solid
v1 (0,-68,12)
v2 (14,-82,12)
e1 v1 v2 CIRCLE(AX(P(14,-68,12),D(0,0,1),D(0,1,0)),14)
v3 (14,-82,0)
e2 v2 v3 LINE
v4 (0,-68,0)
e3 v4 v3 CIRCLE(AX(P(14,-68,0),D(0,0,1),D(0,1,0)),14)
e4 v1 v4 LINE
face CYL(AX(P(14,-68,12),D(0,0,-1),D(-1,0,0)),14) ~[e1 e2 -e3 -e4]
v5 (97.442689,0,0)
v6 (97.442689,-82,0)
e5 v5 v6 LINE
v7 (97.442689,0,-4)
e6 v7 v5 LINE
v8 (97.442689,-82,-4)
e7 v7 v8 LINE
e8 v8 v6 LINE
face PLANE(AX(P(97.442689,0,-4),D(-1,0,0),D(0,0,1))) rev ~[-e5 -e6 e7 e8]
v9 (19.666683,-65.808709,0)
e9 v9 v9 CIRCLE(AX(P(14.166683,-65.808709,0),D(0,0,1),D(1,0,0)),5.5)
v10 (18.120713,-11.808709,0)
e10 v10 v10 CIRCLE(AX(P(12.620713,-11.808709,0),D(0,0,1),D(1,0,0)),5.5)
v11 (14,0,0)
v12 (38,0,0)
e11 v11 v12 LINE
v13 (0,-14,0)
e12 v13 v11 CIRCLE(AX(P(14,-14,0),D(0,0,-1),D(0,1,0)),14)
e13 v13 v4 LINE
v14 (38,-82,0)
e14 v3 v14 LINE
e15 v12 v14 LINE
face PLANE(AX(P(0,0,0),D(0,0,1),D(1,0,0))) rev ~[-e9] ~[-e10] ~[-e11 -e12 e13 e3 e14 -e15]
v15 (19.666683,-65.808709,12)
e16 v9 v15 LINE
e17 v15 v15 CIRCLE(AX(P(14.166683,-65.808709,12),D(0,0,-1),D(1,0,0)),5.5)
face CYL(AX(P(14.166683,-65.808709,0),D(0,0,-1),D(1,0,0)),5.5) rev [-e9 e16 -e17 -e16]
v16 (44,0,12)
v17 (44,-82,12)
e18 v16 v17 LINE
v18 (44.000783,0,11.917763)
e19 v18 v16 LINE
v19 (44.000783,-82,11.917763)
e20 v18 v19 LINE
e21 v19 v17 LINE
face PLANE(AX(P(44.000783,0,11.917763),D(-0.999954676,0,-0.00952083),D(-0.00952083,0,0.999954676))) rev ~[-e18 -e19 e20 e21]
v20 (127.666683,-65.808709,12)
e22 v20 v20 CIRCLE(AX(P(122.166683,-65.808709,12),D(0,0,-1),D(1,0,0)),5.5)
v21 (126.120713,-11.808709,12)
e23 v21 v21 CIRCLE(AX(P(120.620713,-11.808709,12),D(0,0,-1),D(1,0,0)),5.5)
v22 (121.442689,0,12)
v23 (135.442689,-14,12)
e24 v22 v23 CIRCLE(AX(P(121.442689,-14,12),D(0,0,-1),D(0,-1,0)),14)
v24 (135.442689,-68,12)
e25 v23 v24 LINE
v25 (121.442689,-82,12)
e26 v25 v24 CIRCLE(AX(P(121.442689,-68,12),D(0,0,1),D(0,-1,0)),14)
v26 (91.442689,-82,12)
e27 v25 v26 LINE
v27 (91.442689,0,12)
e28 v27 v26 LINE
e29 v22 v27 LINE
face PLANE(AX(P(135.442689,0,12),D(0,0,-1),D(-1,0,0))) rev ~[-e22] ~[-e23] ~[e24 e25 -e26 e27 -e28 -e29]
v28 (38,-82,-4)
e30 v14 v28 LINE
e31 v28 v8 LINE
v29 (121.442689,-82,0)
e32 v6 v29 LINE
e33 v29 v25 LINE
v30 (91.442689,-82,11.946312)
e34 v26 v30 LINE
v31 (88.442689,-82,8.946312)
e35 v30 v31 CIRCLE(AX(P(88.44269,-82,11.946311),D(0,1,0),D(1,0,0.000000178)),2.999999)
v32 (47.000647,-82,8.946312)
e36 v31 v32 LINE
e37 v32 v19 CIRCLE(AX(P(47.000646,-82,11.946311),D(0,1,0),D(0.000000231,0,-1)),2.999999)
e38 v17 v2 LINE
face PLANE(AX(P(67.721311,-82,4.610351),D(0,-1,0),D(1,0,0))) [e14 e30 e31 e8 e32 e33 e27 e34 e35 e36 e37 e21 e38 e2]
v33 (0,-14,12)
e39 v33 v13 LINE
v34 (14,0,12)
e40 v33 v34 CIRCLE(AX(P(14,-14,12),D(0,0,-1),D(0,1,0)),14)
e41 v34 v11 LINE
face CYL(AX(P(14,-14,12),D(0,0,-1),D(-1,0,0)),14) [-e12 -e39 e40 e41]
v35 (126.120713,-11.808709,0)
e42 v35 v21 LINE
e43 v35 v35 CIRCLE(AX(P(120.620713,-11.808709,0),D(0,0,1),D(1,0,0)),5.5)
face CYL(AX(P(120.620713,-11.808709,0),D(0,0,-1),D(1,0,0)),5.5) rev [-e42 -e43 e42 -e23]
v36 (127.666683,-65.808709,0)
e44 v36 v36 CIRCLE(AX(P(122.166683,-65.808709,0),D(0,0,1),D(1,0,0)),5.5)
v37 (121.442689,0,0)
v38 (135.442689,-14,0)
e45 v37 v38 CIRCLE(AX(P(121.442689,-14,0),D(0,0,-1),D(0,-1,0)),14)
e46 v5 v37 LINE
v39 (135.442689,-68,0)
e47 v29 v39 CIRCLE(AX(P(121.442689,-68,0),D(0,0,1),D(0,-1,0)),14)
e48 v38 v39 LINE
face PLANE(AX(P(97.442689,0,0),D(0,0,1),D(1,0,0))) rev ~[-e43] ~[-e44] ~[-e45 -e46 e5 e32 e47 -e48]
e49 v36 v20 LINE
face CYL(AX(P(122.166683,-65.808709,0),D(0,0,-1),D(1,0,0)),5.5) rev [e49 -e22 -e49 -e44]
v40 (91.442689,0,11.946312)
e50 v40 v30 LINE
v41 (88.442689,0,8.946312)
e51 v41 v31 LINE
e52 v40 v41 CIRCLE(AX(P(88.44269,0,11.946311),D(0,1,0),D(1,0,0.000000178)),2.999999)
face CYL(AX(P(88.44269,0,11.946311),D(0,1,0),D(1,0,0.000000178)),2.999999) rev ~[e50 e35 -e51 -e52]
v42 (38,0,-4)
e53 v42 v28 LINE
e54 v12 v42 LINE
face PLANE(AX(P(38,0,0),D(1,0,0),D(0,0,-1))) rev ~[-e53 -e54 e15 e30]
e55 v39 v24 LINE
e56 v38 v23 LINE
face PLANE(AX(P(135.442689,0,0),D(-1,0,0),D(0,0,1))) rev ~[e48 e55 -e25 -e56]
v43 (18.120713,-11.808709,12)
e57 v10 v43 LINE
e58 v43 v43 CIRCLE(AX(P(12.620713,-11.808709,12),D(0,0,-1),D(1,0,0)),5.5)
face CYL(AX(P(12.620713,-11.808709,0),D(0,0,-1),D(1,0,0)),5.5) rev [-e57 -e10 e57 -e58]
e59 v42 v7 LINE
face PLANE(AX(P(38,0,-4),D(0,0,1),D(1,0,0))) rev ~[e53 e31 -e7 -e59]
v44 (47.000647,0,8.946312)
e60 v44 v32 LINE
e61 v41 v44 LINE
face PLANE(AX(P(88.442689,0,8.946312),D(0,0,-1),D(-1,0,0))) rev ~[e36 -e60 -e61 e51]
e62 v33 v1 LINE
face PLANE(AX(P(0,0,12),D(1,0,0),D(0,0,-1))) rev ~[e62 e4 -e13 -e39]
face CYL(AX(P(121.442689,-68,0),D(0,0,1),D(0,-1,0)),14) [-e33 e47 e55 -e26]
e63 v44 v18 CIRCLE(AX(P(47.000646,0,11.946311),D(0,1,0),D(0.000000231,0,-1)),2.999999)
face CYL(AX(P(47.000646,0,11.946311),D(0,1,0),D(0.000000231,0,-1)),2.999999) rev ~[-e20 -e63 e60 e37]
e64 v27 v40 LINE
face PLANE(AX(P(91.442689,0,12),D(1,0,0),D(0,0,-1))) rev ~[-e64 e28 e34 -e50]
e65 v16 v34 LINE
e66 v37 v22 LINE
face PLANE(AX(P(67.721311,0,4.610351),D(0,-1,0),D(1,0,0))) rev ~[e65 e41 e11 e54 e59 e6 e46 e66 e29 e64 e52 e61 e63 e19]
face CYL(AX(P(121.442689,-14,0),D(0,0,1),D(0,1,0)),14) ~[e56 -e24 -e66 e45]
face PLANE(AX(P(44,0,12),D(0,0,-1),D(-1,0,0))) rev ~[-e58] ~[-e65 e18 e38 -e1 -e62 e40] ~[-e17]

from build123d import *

# Parameters (mm, degrees)
F1_DEPTH = 82
F2_R     = 5.5
F3_DEPTH = 12.001
F4_R     = 14


with BuildPart() as f1:
    # F0 (on Front) → F1 (new body)
    with BuildSketch(Plane.XZ):
        with BuildLine():
            Line((0, 12), (0, 0))
            Line((0, 0), (38, 0))
            Line((38, 0), (38, -4))
            Line((38, -4), (97.442689, -4))
            Line((97.442689, -4), (97.442689, 0))
            Line((97.442689, 0), (135.442689, 0))
            Line((135.442689, 0), (135.442689, 12))
            Line((135.442689, 12), (91.442689, 12))
            Line((91.442689, 12), (91.442689, 11.946312))
            ThreePointArc((91.442689, 11.946312), (90.56401, 9.824992), (88.442689, 8.946312))
            Line((88.442689, 8.946312), (47.000647, 8.946312))
            ThreePointArc((47.000647, 8.946312), (44.889444, 9.814922), (44.000783, 11.917763))
            Line((44.000783, 11.917763), (44, 12))
            Line((44, 12), (0, 12))
        make_face()
    extrude(amount=F1_DEPTH)

    # F2 (on Top) → F3 (cut, through all)
    with BuildSketch(Plane.XY):
        with Locations((12.620713, -11.808709)):
            Circle(F2_R)
        with Locations((120.620713, -11.808709)):
            Circle(F2_R)
        with Locations((14.166683, -65.808709)):
            Circle(F2_R)
        with Locations((122.166683, -65.808709)):
            Circle(F2_R)
    extrude(amount=F3_DEPTH, mode=Mode.SUBTRACT)

    # F4
    f4_edges = [f1.edges().sort_by_distance(p)[0] for p in [
        (135.442689, 0, 6),
        (135.442689, -82, 6),
        (0, -82, 6),
        (0, 0, 6),
    ]]
    fillet(f4_edges, radius=F4_R)


solid = f1.part
